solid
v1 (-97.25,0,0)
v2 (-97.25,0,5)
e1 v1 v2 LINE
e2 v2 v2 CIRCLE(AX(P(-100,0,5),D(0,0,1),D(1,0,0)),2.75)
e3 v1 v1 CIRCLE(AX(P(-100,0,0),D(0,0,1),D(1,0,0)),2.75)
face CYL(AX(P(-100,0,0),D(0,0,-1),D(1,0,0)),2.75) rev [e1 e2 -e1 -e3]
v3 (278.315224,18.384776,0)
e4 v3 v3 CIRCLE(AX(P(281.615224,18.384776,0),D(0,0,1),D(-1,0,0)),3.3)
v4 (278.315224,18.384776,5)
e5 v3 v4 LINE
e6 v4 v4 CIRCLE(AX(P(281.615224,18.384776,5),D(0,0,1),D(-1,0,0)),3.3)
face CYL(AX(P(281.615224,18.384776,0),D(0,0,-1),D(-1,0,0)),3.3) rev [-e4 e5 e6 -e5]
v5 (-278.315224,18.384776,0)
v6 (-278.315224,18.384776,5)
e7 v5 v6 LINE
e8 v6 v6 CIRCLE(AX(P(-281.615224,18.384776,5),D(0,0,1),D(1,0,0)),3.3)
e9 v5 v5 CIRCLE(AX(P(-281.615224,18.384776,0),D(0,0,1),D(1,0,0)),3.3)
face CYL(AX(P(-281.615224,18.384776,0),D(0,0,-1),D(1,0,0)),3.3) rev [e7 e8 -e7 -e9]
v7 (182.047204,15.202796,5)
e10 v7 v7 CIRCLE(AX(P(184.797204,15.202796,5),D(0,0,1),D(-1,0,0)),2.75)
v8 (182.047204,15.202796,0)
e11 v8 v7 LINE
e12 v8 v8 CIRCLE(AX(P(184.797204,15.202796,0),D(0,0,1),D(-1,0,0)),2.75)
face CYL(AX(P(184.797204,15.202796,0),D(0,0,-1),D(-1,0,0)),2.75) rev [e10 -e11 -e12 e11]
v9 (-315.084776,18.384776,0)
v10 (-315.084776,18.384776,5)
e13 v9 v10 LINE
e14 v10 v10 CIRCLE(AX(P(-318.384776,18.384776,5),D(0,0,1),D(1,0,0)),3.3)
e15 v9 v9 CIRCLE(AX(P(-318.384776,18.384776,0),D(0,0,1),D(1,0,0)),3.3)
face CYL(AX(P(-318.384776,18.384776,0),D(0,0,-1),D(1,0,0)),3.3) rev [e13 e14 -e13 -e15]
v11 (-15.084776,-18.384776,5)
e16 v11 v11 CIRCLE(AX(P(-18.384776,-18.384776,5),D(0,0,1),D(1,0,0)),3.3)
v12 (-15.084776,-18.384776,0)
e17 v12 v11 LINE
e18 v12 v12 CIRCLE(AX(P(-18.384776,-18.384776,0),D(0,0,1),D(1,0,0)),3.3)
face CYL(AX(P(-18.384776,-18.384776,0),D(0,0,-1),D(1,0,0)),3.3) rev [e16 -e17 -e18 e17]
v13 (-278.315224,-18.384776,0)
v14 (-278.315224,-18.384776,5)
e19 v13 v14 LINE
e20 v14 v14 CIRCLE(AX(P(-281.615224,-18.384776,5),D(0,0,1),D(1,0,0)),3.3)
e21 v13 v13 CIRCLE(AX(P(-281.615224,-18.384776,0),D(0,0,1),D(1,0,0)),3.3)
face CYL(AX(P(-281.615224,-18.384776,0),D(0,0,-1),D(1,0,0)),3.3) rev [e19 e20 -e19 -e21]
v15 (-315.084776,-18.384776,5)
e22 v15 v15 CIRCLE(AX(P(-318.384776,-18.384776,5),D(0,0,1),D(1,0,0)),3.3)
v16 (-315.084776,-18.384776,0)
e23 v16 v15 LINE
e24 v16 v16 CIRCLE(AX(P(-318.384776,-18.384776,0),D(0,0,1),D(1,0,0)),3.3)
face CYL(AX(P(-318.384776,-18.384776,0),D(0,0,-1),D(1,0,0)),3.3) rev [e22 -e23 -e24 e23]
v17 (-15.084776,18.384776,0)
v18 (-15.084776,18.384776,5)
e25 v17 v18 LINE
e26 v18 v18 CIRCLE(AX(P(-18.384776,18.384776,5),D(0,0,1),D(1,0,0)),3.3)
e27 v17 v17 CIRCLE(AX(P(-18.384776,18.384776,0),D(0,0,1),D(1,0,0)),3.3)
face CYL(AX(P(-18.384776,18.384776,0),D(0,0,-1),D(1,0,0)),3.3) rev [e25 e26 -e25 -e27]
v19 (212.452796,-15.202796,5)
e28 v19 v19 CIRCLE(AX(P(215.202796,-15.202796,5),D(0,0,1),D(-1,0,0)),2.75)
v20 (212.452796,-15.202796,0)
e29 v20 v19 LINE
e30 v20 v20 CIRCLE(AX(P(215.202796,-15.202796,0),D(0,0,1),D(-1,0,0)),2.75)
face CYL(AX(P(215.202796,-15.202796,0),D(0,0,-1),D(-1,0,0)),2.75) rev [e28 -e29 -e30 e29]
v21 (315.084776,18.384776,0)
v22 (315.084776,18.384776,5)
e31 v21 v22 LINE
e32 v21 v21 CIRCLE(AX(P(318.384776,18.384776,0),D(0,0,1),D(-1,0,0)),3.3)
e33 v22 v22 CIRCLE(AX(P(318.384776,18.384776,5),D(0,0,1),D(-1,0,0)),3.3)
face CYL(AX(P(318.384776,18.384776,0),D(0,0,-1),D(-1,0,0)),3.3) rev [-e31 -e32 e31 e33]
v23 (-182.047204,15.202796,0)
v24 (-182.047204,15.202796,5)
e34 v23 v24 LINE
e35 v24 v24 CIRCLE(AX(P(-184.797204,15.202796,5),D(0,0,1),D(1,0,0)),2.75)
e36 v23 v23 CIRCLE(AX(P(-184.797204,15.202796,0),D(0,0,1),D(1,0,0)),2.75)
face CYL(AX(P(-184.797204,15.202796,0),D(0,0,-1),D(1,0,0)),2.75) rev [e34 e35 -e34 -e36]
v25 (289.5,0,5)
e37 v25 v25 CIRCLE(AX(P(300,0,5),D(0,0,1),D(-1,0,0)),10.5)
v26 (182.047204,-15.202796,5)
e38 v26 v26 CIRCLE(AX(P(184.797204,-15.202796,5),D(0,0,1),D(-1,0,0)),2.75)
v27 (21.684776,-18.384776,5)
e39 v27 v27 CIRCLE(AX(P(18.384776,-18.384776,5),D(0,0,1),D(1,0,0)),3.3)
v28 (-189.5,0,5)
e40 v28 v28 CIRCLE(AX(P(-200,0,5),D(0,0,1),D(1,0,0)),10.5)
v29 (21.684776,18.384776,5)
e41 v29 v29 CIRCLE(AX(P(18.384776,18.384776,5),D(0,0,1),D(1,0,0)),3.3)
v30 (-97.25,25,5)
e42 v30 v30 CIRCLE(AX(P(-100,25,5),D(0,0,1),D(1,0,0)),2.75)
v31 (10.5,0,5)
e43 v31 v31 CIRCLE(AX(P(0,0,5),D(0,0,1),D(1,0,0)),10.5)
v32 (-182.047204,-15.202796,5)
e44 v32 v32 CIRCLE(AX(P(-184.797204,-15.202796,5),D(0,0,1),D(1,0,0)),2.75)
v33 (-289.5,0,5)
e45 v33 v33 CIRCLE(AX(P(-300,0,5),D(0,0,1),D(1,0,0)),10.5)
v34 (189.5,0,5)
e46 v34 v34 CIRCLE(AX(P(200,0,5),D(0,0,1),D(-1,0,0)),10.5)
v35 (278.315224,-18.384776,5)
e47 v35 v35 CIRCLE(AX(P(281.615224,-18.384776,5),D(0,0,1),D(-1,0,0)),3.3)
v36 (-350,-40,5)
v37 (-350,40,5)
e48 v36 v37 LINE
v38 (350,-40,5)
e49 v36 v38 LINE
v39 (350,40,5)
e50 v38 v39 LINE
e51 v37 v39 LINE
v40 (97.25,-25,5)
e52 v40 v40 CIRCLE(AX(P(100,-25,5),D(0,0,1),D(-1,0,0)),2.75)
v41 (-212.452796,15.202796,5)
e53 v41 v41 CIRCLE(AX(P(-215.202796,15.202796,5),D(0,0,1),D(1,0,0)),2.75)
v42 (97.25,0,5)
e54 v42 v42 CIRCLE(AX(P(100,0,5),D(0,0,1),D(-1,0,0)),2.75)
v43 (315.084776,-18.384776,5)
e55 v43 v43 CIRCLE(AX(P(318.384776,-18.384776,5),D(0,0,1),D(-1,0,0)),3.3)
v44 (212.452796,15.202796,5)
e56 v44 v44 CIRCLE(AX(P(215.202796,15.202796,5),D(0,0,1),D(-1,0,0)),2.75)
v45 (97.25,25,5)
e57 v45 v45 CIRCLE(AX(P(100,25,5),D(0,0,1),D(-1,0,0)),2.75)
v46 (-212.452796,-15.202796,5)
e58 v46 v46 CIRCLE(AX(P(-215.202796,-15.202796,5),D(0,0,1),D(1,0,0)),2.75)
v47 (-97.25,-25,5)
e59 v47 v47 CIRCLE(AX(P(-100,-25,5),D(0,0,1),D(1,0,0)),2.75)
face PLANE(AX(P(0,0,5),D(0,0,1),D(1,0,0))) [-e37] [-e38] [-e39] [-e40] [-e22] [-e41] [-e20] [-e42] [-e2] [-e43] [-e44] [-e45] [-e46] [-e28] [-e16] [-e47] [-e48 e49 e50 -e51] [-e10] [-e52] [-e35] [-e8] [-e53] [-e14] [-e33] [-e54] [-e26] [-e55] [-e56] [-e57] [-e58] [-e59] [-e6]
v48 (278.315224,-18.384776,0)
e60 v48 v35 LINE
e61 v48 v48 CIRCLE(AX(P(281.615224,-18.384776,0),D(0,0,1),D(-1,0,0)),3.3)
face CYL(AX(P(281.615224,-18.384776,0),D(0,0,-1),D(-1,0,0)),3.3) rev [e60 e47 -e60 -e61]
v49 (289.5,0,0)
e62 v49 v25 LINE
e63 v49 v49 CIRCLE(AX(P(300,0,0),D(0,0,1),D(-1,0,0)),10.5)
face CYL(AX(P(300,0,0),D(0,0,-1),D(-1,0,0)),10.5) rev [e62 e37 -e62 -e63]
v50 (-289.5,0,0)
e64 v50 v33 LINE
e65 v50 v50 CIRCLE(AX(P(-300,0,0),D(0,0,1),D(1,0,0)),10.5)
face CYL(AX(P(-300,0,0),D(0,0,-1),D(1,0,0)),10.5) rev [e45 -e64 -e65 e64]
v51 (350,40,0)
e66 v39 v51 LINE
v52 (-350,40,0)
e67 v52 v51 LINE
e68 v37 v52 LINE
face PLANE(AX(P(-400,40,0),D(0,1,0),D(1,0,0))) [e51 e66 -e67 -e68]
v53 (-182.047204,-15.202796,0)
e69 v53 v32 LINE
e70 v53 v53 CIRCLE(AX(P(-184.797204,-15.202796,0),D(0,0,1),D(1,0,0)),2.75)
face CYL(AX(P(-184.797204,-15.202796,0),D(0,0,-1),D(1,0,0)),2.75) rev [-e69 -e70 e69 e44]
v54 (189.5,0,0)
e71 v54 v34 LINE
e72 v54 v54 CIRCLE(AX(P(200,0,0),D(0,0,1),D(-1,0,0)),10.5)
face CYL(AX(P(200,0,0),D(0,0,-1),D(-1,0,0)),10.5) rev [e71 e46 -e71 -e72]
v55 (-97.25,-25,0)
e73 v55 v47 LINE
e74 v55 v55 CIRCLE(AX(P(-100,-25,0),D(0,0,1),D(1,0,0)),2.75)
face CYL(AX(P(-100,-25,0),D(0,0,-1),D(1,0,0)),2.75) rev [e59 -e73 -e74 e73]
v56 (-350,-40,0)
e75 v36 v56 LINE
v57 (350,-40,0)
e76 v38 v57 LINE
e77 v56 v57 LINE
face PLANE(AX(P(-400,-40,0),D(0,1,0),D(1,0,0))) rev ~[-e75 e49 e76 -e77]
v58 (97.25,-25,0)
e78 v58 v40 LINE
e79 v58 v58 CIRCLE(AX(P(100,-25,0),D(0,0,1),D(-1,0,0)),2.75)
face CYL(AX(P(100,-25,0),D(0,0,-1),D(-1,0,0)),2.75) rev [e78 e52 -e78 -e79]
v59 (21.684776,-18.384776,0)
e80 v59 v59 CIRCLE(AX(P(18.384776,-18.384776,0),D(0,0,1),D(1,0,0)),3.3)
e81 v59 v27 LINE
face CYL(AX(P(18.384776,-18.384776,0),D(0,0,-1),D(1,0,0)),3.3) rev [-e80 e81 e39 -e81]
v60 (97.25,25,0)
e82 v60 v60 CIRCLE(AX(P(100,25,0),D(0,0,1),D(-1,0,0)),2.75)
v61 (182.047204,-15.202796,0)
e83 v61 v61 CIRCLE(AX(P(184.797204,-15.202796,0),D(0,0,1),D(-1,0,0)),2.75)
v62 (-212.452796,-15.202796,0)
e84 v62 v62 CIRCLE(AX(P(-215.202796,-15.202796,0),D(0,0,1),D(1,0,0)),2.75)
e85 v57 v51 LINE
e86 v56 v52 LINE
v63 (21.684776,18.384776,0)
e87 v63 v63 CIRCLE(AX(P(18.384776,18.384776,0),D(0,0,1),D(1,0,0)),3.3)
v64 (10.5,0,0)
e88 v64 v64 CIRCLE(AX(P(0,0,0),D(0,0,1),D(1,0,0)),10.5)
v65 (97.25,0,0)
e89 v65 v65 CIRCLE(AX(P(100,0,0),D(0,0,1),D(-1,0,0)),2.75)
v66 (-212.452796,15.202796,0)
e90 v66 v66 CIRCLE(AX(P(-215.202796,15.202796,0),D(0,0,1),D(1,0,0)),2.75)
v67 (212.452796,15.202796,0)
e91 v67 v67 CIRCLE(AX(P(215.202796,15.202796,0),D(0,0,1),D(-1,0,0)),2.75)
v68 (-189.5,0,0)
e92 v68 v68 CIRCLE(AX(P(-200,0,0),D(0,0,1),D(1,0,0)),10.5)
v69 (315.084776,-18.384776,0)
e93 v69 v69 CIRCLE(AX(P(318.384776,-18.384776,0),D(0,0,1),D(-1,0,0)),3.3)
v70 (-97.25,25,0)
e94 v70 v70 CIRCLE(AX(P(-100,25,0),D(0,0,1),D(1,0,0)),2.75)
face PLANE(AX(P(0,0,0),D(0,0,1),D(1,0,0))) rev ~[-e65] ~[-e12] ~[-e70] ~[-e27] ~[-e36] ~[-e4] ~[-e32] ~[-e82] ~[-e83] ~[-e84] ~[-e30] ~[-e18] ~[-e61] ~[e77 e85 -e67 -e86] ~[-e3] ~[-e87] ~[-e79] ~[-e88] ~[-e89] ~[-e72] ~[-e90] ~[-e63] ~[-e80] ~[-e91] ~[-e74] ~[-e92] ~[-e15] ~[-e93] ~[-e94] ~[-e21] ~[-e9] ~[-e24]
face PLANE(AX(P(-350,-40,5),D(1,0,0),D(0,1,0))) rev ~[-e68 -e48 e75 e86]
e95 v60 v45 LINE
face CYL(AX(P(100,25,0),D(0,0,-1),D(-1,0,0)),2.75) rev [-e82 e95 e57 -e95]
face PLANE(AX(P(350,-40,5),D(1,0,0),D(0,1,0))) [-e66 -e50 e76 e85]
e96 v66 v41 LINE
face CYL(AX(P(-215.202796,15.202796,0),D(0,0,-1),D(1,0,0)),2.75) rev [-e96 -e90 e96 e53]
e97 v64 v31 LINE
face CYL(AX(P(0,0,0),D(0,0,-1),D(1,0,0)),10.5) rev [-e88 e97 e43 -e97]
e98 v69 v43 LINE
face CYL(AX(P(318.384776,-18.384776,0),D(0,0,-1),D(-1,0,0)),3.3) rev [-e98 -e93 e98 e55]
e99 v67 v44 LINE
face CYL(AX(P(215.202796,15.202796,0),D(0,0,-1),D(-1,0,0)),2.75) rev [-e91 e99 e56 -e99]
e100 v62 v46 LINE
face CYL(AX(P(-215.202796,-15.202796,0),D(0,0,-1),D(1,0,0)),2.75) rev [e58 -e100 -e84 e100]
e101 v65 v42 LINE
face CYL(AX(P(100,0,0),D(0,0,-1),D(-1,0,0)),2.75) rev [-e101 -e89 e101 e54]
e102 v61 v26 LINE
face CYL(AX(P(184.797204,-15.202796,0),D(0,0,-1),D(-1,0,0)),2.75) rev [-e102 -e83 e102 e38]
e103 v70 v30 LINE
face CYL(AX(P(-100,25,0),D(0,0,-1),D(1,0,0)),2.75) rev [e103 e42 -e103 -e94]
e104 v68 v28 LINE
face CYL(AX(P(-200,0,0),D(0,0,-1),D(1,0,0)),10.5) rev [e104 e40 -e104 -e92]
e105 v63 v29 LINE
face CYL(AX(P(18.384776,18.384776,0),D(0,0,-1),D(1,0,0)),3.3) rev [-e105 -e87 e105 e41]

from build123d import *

# Parameters (mm, degrees)
SKETCH_1_W          = 800
SKETCH_1_H          = 80
SKETCH_1_R          = 3.3
SKETCH_1_R_2        = 2.75
SKETCH_1_R_3        = 10.5
EXTRUDE_1_DEPTH     = 5
SKETCH_2_W          = 50
SKETCH_2_H          = 80
CUT_EXTRUDE_1_DEPTH = 403.026118555


with BuildPart() as part:
    # 草图1 → 凸台-拉伸1 (new body)
    with BuildSketch(Plane.XY):
        Rectangle(SKETCH_1_W, SKETCH_1_H)
        with Locations((-318.384776311, 18.384776311)):
            Circle(SKETCH_1_R, mode=Mode.SUBTRACT)
        with Locations((-281.615223689, 18.384776311)):
            Circle(SKETCH_1_R, mode=Mode.SUBTRACT)
        with Locations((-281.615223689, -18.384776311)):
            Circle(SKETCH_1_R, mode=Mode.SUBTRACT)
        with Locations((-318.384776311, -18.384776311)):
            Circle(SKETCH_1_R, mode=Mode.SUBTRACT)
        with Locations((-215.202795796, 15.202795796)):
            Circle(SKETCH_1_R_2, mode=Mode.SUBTRACT)
        with Locations((-184.797204204, 15.202795796)):
            Circle(SKETCH_1_R_2, mode=Mode.SUBTRACT)
        with Locations((-184.797204204, -15.202795796)):
            Circle(SKETCH_1_R_2, mode=Mode.SUBTRACT)
        with Locations((-215.202795796, -15.202795796)):
            Circle(SKETCH_1_R_2, mode=Mode.SUBTRACT)
        with Locations((-200, 0)):
            Circle(SKETCH_1_R_3, mode=Mode.SUBTRACT)
        with Locations((-18.384776311, 18.384776311)):
            Circle(SKETCH_1_R, mode=Mode.SUBTRACT)
        with Locations((18.384776311, 18.384776311)):
            Circle(SKETCH_1_R, mode=Mode.SUBTRACT)
        with Locations((18.384776311, -18.384776311)):
            Circle(SKETCH_1_R, mode=Mode.SUBTRACT)
        with Locations((-18.384776311, -18.384776311)):
            Circle(SKETCH_1_R, mode=Mode.SUBTRACT)
        with Locations(Location((215.202795796, -15.202795796, 0), (0, 0, 180))):
            Circle(SKETCH_1_R_2, mode=Mode.SUBTRACT)
        with Locations(Location((184.797204204, -15.202795796, 0), (0, 0, 180))):
            Circle(SKETCH_1_R_2, mode=Mode.SUBTRACT)
        with Locations(Location((184.797204204, 15.202795796, 0), (0, 0, 180))):
            Circle(SKETCH_1_R_2, mode=Mode.SUBTRACT)
        with Locations(Location((215.202795796, 15.202795796, 0), (0, 0, 180))):
            Circle(SKETCH_1_R_2, mode=Mode.SUBTRACT)
        with Locations(Location((200, 0, 0), (0, 0, 180))):
            Circle(SKETCH_1_R_3, mode=Mode.SUBTRACT)
        with Locations(Location((318.384776311, -18.384776311, 0), (0, 0, 180))):
            Circle(SKETCH_1_R, mode=Mode.SUBTRACT)
        with Locations(Location((281.615223689, -18.384776311, 0), (0, 0, 180))):
            Circle(SKETCH_1_R, mode=Mode.SUBTRACT)
        with Locations(Location((281.615223689, 18.384776311, 0), (0, 0, 180))):
            Circle(SKETCH_1_R, mode=Mode.SUBTRACT)
        with Locations(Location((318.384776311, 18.384776311, 0), (0, 0, 180))):
            Circle(SKETCH_1_R, mode=Mode.SUBTRACT)
        with Locations((-100, 25)):
            Circle(SKETCH_1_R_2, mode=Mode.SUBTRACT)
        with Locations((-100, 0)):
            Circle(SKETCH_1_R_2, mode=Mode.SUBTRACT)
        with Locations((-100, -25)):
            Circle(SKETCH_1_R_2, mode=Mode.SUBTRACT)
        with Locations(Location((100, -25, 0), (0, 0, 180))):
            Circle(SKETCH_1_R_2, mode=Mode.SUBTRACT)
        with Locations(Location((100, 0, 0), (0, 0, 180))):
            Circle(SKETCH_1_R_2, mode=Mode.SUBTRACT)
        with Locations(Location((100, 25, 0), (0, 0, 180))):
            Circle(SKETCH_1_R_2, mode=Mode.SUBTRACT)
        with Locations((-300, 0)):
            Circle(SKETCH_1_R_3, mode=Mode.SUBTRACT)
        Circle(SKETCH_1_R_3, mode=Mode.SUBTRACT)
        with Locations(Location((300, 0, 0), (0, 0, 180))):
            Circle(SKETCH_1_R_3, mode=Mode.SUBTRACT)
    extrude(amount=EXTRUDE_1_DEPTH)

    # 草图2 → 切除-拉伸1 (cut, through all)
    with BuildSketch(Plane.XY.offset(5)):
        with Locations((-375, 0)):
            Rectangle(SKETCH_2_W, SKETCH_2_H)
        with Locations((375, 0)):
            Rectangle(SKETCH_2_W, SKETCH_2_H)
    extrude(amount=-CUT_EXTRUDE_1_DEPTH, mode=Mode.SUBTRACT)


solid = part.part
